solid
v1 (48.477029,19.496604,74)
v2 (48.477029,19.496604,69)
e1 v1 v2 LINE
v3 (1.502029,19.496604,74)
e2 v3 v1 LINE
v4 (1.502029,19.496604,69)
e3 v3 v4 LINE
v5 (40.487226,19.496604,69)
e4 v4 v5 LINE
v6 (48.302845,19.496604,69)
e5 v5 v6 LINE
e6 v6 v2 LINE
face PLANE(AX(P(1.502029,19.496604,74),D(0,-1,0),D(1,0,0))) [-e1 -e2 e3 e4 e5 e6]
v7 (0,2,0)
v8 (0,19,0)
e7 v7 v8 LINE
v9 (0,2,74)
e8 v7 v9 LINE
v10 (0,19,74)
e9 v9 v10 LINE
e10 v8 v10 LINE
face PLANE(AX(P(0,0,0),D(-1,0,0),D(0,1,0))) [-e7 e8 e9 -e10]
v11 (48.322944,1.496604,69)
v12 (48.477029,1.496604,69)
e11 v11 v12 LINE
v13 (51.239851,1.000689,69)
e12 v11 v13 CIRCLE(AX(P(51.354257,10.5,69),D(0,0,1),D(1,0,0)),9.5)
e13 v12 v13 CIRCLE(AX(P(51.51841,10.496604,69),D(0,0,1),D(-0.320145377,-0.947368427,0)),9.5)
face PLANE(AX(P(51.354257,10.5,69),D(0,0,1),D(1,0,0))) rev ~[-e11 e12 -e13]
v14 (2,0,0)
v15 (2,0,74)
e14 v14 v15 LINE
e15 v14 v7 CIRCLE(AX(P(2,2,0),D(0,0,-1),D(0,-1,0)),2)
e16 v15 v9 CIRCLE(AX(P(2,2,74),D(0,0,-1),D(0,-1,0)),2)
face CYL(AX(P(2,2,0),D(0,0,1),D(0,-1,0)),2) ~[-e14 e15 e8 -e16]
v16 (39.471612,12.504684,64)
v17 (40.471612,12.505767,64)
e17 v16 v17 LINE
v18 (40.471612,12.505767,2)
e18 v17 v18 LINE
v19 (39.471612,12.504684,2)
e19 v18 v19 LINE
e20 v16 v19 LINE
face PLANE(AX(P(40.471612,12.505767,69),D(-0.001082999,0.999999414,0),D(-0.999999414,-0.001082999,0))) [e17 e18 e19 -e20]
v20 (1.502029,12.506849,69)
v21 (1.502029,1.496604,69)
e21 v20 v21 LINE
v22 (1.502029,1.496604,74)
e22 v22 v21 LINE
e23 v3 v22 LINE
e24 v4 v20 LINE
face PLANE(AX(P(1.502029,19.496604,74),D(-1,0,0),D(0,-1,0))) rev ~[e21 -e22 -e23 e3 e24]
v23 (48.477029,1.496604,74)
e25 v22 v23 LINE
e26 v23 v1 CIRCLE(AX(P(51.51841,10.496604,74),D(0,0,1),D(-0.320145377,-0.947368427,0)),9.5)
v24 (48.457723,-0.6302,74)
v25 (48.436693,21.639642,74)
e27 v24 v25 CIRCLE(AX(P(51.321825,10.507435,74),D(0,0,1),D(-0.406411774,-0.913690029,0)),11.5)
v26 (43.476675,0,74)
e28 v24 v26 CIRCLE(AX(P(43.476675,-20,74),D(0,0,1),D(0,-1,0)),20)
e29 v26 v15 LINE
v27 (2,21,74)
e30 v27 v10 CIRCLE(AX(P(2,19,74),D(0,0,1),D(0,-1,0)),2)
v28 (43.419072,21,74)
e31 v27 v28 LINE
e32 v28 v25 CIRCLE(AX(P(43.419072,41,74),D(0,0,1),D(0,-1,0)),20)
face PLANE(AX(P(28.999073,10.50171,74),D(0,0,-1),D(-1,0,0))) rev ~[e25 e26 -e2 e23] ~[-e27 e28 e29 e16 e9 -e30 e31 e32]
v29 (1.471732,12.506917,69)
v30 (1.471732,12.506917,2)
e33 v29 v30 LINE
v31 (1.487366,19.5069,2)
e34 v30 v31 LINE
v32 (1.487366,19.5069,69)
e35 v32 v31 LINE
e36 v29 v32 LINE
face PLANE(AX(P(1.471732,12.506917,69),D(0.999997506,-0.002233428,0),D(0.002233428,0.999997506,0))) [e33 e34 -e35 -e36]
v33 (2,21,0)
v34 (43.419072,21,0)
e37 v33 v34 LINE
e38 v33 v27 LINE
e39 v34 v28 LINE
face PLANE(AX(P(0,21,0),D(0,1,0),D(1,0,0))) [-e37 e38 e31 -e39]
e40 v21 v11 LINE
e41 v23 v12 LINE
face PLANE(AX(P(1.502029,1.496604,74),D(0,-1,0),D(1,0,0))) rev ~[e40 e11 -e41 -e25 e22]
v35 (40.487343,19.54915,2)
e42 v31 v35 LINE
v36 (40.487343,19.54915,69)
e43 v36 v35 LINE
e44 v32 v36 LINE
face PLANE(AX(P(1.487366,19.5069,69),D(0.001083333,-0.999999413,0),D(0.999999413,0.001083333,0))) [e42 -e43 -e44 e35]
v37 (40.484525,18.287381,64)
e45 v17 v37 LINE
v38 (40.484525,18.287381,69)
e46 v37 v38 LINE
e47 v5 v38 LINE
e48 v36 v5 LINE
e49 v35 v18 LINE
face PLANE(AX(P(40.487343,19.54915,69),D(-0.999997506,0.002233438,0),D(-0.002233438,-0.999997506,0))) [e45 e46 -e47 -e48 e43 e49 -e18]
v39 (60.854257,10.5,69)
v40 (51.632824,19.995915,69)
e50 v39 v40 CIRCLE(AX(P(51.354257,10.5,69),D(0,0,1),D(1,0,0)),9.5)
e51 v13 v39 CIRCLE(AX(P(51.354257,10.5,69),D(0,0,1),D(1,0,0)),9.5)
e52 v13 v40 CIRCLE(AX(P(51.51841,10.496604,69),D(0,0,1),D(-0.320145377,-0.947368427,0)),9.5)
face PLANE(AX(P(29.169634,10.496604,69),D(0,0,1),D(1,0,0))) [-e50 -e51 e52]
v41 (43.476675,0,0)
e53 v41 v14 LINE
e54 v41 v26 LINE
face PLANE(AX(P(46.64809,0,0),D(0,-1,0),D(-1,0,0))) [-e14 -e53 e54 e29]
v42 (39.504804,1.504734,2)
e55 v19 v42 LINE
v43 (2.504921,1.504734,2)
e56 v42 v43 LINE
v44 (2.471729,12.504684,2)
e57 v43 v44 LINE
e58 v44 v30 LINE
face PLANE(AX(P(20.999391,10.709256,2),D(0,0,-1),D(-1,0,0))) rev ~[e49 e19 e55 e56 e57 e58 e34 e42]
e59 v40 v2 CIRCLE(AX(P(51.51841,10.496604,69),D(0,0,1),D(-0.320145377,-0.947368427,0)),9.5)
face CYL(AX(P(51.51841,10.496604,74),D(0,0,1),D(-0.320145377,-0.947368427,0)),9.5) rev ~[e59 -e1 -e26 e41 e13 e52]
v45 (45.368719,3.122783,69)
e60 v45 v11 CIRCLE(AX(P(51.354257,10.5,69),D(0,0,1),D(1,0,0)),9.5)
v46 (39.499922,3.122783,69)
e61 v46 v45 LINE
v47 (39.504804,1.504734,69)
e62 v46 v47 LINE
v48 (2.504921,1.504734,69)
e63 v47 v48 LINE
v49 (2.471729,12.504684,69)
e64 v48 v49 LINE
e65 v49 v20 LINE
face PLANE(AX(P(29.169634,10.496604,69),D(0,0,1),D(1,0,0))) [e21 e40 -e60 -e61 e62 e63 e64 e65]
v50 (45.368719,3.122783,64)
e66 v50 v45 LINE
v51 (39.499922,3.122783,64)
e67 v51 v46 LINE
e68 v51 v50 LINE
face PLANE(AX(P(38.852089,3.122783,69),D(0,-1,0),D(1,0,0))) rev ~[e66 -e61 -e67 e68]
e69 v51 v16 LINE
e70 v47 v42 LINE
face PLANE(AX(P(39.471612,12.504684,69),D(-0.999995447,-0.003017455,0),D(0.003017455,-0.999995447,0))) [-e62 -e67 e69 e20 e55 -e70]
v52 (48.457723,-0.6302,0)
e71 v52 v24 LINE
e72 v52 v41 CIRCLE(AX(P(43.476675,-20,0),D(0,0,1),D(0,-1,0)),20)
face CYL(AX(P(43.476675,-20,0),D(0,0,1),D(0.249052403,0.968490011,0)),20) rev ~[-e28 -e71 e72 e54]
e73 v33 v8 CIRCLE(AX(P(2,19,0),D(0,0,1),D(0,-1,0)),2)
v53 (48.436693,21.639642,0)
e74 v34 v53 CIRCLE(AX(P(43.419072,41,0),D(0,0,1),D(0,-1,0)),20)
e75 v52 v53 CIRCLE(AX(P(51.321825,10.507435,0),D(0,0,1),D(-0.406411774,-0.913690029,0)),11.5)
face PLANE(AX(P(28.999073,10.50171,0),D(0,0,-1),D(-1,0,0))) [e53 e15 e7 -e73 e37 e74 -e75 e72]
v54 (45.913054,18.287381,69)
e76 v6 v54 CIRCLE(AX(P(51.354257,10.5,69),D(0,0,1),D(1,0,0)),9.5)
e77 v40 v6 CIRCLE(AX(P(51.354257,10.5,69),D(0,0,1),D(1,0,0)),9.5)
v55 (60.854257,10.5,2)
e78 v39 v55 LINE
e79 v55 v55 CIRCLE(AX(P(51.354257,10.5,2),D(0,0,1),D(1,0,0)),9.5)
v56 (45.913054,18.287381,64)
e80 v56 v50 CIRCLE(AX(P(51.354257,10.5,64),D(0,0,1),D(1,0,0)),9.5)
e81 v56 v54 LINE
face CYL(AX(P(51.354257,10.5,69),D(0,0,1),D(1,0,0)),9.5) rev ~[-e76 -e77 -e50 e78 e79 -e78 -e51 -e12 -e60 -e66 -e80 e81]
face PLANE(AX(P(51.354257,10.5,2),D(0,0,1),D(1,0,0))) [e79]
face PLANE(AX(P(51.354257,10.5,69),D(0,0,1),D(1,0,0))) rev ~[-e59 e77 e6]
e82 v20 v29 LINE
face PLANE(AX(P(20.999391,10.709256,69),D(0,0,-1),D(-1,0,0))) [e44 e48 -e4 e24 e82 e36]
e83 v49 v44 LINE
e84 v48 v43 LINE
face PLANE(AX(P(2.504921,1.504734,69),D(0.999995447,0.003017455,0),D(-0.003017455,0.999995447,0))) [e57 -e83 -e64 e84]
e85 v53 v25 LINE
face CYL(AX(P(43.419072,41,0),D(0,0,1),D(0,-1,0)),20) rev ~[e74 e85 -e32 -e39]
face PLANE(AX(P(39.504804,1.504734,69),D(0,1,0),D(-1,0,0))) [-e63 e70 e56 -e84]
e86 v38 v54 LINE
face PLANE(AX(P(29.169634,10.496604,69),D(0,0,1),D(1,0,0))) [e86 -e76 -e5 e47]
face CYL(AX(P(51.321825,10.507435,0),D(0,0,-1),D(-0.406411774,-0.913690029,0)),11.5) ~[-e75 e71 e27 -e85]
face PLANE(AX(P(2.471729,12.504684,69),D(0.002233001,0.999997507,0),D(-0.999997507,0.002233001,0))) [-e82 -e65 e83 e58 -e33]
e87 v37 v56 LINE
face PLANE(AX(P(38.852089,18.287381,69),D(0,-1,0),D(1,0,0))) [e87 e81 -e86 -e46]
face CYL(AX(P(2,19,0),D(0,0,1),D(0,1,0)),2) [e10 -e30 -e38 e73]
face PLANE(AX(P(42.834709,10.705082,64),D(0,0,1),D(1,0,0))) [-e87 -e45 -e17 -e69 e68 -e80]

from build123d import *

# Parameters (mm, degrees)
PAD_DEPTH       = 74
POCKET_DEPTH    = 5
SKETCH001_R     = 9.5
POCKET001_DEPTH = 67
FILLET_R        = 20
FILLET001_R     = 2
FILLET002_R     = 20
FILLET003_R     = 2
SKETCH014_W     = 7.96524
SKETCH014_H     = 15.164599
POCKET005_DEPTH = 5


with BuildPart() as part:
    # Sketch002 → Pad (new body)
    with BuildSketch(Plane.XY):
        with BuildLine():
            Line((0, 21), (46.6148, 21))
            ThreePointArc((46.64809, 0), (62.821811, 10.525666), (46.6148, 21))
            Line((46.64809, 0), (0, 0))
            Line((0, 0), (0, 21))
        make_face()
    extrude(amount=PAD_DEPTH)

    # Sketch → Pocket (cut)
    with BuildSketch(Plane.XY.offset(74)):
        with BuildLine():
            Line((1.502029, 1.496604), (48.477029, 1.496604))
            ThreePointArc((48.477029, 1.496604), (61.01841, 10.496604), (48.477029, 19.496604))
            Line((1.502029, 19.496604), (48.477029, 19.496604))
            Line((1.502029, 19.496604), (1.502029, 1.496604))
        make_face()
    extrude(amount=-POCKET_DEPTH, mode=Mode.SUBTRACT)

    # Sketch001 → Pocket001 (cut)
    with BuildSketch(Plane.XY.offset(69)):
        with Locations((51.354257, 10.5)):
            Circle(SKETCH001_R)
        Polygon((1.487366, 19.5069), (40.487343, 19.54915), (40.471612, 12.505767), (39.471612, 12.504684), (39.504804, 1.504734), (2.504921, 1.504734), (2.471729, 12.504684), (1.471732, 12.506917), align=None)
    extrude(amount=-POCKET001_DEPTH, mode=Mode.SUBTRACT)

    # Fillet
    fillet_edges = [part.edges().sort_by_distance(p)[0] for p in [
        (46.6148, 21, 37),
    ]]
    fillet(fillet_edges, radius=FILLET_R)

    # Fillet001
    fillet001_edges = [part.edges().sort_by_distance(p)[0] for p in [
        (0, 21, 37),
    ]]
    fillet(fillet001_edges, radius=FILLET001_R)

    # Fillet002
    fillet002_edges = [part.edges().sort_by_distance(p)[0] for p in [
        (46.64809, 0, 37),
    ]]
    fillet(fillet002_edges, radius=FILLET002_R)

    # Fillet003
    fillet003_edges = [part.edges().sort_by_distance(p)[0] for p in [
        (0, 0, 37),
    ]]
    fillet(fillet003_edges, radius=FILLET003_R)

    # Sketch014 → Pocket005 (cut)
    with BuildSketch(Plane.XY.offset(69)):
        with Locations((42.834709, 10.705082)):
            Rectangle(SKETCH014_W, SKETCH014_H)
    extrude(amount=-POCKET005_DEPTH, mode=Mode.SUBTRACT)


solid = part.part
